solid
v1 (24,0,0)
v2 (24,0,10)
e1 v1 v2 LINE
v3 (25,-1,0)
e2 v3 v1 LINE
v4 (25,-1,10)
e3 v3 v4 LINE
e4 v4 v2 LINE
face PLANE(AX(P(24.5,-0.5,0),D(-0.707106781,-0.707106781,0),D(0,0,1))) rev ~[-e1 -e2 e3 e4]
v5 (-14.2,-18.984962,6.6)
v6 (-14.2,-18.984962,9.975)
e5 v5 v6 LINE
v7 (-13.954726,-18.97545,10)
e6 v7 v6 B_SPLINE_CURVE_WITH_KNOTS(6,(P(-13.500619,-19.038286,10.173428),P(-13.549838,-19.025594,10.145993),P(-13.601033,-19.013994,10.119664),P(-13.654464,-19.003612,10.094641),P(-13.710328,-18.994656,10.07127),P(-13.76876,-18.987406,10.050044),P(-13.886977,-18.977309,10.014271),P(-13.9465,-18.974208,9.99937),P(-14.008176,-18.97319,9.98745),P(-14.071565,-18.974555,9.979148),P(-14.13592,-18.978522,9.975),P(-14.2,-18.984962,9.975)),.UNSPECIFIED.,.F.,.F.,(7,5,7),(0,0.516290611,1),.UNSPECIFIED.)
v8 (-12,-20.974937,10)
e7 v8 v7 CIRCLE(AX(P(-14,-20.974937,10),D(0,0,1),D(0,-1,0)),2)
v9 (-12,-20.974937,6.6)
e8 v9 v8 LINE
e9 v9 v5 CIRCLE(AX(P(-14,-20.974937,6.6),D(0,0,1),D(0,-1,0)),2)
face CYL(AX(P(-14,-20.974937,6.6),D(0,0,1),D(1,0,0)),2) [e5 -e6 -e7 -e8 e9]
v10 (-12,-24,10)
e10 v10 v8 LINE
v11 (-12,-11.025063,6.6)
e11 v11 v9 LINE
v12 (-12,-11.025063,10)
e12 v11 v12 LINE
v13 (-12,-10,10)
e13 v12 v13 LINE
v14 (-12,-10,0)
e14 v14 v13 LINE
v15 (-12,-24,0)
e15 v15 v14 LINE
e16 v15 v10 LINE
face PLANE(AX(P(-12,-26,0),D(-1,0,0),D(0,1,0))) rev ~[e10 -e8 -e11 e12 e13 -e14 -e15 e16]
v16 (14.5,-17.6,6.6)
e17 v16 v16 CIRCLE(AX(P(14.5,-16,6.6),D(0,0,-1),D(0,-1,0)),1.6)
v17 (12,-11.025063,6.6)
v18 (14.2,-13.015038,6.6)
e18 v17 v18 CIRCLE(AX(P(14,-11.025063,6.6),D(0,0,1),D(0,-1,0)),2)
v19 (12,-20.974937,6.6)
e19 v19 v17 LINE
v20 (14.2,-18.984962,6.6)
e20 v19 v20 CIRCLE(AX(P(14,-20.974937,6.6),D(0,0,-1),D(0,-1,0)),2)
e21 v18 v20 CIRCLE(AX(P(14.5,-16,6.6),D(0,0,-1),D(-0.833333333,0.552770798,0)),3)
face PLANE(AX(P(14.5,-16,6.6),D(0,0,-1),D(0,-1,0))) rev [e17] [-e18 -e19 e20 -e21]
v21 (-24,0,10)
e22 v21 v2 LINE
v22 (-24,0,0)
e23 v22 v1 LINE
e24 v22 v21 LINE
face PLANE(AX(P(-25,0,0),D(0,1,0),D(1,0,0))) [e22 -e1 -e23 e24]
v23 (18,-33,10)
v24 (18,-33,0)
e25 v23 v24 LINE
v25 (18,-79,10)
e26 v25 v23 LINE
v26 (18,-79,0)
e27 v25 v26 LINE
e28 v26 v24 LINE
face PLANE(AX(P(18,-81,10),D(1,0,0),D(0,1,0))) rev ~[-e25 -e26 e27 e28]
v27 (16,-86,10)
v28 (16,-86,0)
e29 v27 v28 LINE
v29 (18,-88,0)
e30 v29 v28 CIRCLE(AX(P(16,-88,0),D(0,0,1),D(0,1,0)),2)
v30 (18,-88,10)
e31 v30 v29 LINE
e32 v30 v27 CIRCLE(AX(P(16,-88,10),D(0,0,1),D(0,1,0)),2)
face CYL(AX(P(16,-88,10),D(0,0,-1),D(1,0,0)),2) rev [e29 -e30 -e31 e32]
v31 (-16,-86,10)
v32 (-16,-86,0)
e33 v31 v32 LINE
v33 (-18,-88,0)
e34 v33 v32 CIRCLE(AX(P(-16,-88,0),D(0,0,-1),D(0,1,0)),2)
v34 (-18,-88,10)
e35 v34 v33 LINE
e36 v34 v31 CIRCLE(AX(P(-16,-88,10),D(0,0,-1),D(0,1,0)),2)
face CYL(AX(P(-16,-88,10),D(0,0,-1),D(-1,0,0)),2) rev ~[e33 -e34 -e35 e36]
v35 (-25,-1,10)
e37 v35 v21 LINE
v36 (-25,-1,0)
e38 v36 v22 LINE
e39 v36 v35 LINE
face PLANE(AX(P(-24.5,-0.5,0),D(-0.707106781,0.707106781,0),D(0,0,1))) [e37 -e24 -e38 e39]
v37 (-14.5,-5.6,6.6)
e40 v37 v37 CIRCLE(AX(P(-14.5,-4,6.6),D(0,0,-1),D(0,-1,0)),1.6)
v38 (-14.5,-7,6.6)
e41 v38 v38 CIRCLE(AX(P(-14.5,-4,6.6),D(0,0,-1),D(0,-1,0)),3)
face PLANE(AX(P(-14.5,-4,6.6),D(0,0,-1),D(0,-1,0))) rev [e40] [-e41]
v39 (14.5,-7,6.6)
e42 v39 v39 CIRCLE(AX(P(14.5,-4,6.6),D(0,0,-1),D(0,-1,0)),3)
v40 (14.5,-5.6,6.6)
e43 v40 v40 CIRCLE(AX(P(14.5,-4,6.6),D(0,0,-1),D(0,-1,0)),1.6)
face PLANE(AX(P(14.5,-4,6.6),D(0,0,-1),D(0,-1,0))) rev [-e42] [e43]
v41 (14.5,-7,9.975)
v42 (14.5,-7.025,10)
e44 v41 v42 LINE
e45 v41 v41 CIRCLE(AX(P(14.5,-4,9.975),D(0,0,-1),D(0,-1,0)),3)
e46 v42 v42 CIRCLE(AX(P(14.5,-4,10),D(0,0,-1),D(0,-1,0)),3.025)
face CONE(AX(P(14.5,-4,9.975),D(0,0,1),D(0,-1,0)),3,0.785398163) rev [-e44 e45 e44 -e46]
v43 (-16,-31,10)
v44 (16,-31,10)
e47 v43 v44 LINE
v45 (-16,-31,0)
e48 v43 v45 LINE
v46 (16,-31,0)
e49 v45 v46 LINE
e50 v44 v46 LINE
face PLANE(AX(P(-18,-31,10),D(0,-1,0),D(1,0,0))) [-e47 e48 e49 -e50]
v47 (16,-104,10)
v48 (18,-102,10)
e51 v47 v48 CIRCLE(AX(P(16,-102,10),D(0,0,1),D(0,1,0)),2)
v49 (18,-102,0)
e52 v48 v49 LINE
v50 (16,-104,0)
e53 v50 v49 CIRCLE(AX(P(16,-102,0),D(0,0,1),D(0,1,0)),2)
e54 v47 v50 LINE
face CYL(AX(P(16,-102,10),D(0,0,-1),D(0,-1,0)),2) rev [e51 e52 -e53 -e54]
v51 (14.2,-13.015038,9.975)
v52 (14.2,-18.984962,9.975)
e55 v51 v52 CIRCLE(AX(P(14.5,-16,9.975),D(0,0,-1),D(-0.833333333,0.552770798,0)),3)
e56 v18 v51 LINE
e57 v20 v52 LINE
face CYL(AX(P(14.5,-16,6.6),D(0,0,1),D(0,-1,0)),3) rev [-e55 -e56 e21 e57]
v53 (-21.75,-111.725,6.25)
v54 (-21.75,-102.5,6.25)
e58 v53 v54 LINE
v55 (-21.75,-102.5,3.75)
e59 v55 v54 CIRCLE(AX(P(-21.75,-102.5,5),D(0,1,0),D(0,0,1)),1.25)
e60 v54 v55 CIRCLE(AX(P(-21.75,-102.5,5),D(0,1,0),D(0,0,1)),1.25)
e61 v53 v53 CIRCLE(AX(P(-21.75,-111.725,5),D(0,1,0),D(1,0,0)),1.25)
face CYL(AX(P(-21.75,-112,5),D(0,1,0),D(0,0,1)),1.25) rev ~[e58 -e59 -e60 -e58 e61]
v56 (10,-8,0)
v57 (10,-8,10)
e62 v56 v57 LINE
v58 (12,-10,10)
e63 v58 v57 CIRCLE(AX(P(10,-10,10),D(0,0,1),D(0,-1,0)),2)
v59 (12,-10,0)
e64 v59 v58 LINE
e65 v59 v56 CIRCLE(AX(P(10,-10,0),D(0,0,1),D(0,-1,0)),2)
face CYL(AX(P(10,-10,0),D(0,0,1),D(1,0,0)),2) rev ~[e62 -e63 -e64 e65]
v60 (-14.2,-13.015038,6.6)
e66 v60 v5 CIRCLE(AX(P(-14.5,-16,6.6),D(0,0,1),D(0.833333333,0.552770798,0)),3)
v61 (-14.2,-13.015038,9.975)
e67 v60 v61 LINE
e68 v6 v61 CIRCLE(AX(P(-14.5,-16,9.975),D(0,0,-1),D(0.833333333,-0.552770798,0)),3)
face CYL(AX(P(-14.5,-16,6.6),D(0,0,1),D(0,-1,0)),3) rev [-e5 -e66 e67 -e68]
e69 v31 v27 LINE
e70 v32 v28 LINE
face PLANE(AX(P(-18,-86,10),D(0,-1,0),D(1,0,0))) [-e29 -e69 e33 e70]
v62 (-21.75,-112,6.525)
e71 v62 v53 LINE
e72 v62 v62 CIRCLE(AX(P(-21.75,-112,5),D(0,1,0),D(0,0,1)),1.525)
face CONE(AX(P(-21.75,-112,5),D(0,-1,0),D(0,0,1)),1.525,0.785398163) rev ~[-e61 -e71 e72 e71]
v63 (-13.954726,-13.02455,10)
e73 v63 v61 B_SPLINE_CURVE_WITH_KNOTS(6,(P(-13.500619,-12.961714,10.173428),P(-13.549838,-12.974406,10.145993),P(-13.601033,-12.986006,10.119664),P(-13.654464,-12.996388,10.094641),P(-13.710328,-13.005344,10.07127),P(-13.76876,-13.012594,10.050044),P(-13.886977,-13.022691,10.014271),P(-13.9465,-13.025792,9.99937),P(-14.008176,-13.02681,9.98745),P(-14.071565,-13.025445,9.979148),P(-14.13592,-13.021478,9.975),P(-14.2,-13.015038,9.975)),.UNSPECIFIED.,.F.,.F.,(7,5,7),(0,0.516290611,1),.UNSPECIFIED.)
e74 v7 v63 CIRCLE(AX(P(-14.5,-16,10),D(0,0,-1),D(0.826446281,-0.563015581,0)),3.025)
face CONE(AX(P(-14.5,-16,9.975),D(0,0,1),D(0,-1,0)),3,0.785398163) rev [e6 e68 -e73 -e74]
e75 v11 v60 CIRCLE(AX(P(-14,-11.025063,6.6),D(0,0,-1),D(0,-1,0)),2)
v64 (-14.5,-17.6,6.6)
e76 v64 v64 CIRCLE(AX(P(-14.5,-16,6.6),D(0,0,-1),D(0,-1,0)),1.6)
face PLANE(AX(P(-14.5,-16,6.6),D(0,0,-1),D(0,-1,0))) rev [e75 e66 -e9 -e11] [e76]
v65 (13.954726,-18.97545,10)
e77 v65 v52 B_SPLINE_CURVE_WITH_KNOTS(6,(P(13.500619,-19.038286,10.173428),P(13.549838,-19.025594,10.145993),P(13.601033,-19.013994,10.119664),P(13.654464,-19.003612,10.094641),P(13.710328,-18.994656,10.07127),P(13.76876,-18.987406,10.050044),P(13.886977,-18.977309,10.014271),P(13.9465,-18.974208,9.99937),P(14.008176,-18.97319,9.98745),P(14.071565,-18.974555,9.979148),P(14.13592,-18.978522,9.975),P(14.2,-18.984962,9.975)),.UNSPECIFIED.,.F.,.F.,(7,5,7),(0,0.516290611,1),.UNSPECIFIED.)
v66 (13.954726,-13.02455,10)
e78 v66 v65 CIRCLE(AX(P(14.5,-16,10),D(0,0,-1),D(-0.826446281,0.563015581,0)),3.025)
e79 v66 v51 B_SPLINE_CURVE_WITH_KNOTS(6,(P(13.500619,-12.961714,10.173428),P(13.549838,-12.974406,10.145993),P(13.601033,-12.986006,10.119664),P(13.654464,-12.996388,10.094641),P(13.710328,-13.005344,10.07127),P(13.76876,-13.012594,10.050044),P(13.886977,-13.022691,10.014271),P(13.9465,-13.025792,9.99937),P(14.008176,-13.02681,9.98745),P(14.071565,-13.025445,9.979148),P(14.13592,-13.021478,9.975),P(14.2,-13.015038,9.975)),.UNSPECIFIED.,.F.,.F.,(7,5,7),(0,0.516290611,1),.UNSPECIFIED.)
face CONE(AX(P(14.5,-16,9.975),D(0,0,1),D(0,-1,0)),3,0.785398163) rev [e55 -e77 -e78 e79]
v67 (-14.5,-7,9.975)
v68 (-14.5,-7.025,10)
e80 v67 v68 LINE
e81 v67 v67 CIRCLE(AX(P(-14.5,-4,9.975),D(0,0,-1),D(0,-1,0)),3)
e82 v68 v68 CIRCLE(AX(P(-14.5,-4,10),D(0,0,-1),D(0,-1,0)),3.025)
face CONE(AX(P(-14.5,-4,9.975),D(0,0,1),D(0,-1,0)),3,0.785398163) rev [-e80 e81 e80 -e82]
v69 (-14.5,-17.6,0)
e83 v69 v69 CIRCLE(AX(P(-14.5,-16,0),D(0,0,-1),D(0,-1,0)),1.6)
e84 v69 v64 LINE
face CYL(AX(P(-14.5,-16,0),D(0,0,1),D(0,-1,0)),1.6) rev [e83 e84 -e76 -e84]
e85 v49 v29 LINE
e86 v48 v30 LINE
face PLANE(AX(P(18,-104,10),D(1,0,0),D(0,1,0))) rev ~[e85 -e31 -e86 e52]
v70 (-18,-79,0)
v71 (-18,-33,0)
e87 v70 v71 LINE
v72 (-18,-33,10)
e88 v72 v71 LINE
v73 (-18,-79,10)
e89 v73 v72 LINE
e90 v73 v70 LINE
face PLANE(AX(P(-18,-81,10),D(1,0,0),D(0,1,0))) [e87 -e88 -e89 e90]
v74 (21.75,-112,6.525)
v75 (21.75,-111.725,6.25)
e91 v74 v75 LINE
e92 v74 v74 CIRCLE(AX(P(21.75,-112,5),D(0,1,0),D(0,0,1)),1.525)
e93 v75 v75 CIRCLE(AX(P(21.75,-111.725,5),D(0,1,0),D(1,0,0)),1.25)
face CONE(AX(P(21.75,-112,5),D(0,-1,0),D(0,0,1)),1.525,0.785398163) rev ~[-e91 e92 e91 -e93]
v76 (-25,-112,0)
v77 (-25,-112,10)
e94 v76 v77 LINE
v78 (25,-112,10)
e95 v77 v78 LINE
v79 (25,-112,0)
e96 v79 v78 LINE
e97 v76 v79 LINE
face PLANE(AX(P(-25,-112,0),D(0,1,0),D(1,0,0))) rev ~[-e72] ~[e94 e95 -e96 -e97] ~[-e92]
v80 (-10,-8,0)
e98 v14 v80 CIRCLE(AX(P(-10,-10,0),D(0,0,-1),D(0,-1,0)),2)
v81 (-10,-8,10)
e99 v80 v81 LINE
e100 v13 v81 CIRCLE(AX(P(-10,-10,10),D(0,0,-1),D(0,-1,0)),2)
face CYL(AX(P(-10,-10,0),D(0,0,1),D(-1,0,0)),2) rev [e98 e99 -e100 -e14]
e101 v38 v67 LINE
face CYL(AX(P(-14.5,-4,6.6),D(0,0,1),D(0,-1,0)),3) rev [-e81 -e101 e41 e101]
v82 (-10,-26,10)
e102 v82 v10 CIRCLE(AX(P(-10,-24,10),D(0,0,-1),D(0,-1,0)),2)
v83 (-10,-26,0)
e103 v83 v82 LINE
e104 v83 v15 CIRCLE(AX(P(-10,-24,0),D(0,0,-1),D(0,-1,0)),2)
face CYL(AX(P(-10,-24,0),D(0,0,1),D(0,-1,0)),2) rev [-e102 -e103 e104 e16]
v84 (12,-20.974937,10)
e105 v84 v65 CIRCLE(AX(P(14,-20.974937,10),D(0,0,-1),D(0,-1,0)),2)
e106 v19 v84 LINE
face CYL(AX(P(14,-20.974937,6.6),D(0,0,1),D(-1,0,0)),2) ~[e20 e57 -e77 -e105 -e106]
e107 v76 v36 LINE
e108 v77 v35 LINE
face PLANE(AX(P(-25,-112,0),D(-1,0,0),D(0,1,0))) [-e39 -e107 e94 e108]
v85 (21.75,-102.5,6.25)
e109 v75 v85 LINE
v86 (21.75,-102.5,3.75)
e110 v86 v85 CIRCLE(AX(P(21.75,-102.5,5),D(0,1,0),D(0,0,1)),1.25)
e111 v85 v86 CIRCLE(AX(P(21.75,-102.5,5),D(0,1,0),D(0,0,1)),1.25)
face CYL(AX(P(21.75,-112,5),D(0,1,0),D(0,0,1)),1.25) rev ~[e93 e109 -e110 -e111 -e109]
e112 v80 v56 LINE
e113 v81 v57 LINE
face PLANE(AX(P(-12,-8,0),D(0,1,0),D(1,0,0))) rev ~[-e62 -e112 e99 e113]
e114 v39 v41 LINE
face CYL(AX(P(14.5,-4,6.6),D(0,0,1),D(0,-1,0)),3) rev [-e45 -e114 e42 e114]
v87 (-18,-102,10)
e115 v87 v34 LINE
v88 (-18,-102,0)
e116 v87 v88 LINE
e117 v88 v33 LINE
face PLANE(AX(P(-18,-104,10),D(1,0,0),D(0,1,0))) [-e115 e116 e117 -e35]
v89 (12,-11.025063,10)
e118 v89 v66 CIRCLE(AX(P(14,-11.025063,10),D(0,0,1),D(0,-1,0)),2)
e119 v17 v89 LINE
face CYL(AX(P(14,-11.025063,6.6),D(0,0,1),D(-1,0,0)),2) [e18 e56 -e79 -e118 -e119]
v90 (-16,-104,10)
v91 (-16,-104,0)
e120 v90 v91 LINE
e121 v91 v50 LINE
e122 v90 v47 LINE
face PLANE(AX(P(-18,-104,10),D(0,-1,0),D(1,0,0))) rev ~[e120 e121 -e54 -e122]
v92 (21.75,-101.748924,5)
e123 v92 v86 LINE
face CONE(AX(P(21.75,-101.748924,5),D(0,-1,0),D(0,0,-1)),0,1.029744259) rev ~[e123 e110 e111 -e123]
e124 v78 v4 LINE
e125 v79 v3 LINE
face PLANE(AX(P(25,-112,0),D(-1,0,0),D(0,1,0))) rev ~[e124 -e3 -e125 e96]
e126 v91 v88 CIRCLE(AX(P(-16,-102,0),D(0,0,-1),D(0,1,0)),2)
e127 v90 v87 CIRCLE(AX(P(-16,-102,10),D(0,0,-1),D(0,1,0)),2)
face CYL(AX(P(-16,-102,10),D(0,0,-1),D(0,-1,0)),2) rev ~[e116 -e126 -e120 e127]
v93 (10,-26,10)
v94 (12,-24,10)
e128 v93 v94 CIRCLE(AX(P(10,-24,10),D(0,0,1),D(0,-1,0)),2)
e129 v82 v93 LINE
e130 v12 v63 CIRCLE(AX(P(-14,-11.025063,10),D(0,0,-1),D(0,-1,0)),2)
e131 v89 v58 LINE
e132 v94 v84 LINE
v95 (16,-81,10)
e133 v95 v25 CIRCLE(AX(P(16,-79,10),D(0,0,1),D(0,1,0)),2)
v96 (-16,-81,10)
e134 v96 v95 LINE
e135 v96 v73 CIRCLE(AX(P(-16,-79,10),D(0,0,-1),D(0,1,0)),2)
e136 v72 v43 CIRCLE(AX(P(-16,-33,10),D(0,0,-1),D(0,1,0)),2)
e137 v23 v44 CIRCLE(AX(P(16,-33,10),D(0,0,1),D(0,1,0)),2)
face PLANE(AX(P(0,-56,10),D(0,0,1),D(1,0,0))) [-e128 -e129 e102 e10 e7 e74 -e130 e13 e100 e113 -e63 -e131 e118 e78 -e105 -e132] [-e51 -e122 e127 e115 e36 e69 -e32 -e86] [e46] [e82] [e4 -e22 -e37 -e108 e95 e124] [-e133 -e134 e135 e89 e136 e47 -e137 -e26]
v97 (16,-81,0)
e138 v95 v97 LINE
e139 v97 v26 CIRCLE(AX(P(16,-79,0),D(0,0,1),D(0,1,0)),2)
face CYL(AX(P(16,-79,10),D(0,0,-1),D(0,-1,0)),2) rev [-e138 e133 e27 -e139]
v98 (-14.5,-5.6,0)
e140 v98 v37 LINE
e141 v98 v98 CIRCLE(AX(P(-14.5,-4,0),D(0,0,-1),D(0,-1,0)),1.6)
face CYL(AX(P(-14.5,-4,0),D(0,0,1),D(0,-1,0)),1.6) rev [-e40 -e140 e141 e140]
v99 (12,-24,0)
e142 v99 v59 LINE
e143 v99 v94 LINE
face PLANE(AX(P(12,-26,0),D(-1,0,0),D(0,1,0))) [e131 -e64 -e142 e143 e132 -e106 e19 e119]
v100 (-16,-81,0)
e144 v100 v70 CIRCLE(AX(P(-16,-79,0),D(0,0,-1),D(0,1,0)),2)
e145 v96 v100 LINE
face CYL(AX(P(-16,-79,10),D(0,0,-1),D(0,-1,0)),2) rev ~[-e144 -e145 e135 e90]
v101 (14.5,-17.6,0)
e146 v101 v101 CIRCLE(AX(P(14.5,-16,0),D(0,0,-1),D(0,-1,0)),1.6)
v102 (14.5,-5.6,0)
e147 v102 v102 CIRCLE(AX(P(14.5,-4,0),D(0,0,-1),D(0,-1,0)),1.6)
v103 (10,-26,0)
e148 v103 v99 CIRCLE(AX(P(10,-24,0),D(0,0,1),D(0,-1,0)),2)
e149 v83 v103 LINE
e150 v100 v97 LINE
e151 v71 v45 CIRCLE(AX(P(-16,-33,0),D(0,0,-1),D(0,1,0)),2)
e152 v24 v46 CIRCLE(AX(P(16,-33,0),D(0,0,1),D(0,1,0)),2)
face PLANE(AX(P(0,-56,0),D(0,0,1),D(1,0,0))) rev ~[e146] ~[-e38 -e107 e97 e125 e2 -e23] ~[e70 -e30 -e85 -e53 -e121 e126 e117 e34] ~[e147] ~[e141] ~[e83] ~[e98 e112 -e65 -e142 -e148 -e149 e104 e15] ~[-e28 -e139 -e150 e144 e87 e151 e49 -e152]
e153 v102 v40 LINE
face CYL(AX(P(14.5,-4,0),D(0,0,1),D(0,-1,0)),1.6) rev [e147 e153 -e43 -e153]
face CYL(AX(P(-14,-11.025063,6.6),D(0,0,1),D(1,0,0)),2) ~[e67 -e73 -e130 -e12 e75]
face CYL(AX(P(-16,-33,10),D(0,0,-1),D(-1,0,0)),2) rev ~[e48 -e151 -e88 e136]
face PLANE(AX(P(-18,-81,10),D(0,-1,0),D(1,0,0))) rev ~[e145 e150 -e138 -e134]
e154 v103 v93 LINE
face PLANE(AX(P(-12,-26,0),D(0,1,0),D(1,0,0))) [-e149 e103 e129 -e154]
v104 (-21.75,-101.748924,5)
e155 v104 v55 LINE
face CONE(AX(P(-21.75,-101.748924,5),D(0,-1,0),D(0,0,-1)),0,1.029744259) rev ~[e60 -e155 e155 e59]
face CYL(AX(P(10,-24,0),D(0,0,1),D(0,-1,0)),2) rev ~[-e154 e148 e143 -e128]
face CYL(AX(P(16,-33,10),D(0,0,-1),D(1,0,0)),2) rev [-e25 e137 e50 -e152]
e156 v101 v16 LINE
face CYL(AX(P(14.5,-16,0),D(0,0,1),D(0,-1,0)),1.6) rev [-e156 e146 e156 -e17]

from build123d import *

# Parameters (mm, degrees)
SKETCH1_W                                    = 50
SKETCH1_H                                    = 112
SKETCH1_W_2                                  = 24
SKETCH1_H_2                                  = 18
BOSS_EXTRUDE1_DEPTH                          = 10
SKETCH8_W                                    = 36
SKETCH8_H                                    = 50
SKETCH8_H_2                                  = 18
CUT_EXTRUDE1_DEPTH                           = 116.191145493
CBORE_FOR_M3_HEXAGON_SOCKET_HEAD_CAP_2_COUNT = 2
CBORE_FOR_M3_HEXAGON_SOCKET_HEAD_CAP_2_PITCH = 12
CBORE_FOR_M3_HEXAGON_SOCKET_HEAD_CAP_3_COUNT = 2
CBORE_FOR_M3_HEXAGON_SOCKET_HEAD_CAP_3_PITCH = 29
CBORE_FOR_M3_HEXAGON_SOCKET_HEAD_CAP_4_COUNT = 2
CBORE_FOR_M3_HEXAGON_SOCKET_HEAD_CAP_4_PITCH = 31.384709653
CHAMFER1_SIZE                                = 1
FILLET1_R                                    = 2
M3_TAPPED_HOLE1_D                            = 2.5
M3_TAPPED_HOLE1_DEPTH                        = 9.5
M3_TAPPED_HOLE1_CSINK_D                      = 3.05
M3_TAPPED_HOLE1_CSINK_ANGLE                  = 90
M3_TAPPED_HOLE1_TIP                          = 0.751075774


with BuildPart() as part:
    # Sketch1 → Boss-Extrude1 (new body)
    with BuildSketch(Plane.XY):
        with Locations((0, -56)):
            Rectangle(SKETCH1_W, SKETCH1_H)
        with Locations((0, -17)):
            Rectangle(SKETCH1_W_2, SKETCH1_H_2, mode=Mode.SUBTRACT)
    extrude(amount=BOSS_EXTRUDE1_DEPTH)

    # Sketch8 → Cut-Extrude1 (cut, through all)
    with BuildSketch(Plane.XY.offset(10)):
        with Locations((0, -56)):
            Rectangle(SKETCH8_W, SKETCH8_H)
        with Locations((0, -95)):
            Rectangle(SKETCH8_W, SKETCH8_H_2)
    extrude(amount=-CUT_EXTRUDE1_DEPTH, mode=Mode.SUBTRACT)

    # Sketch7 → CBORE for M3 Hexagon socket head cap screws3 (revolve, cut)
    with BuildSketch(Plane(origin=(-14.5, -4, 10), x_dir=(0, -1, 0), z_dir=(1, 0, 0))):
        Polygon((0, 0), (0, 10), (1.6, 10), (1.6, 3.4), (3, 3.4), (3, 0.025), (3.025, 0), align=None)
    cbore_for_m3_hexagon_socket_head_cap_scr = revolve(axis=Axis((-14.5, -4, 16.35), (0, 0, -1)), mode=Mode.SUBTRACT)

    # CBORE for M3 Hexagon socket head cap 2: CBORE for M3 Hexagon socket head cap screws3 ×2
    with Locations(*[(0, -i * CBORE_FOR_M3_HEXAGON_SOCKET_HEAD_CAP_2_PITCH, 0) for i in range(1, CBORE_FOR_M3_HEXAGON_SOCKET_HEAD_CAP_2_COUNT)]):
        add(cbore_for_m3_hexagon_socket_head_cap_scr, mode=Mode.SUBTRACT)

    # CBORE for M3 Hexagon socket head cap 3: CBORE for M3 Hexagon socket head cap screws3 ×2
    with Locations(*[(i * CBORE_FOR_M3_HEXAGON_SOCKET_HEAD_CAP_3_PITCH, 0, 0) for i in range(1, CBORE_FOR_M3_HEXAGON_SOCKET_HEAD_CAP_3_COUNT)]):
        add(cbore_for_m3_hexagon_socket_head_cap_scr, mode=Mode.SUBTRACT)

    # CBORE for M3 Hexagon socket head cap 4: CBORE for M3 Hexagon socket head cap screws3 ×2
    with Locations(*[Vector(0.9240168324218909, -0.38235179272629954, 0) * (i * CBORE_FOR_M3_HEXAGON_SOCKET_HEAD_CAP_4_PITCH) for i in range(1, CBORE_FOR_M3_HEXAGON_SOCKET_HEAD_CAP_4_COUNT)]):
        add(cbore_for_m3_hexagon_socket_head_cap_scr, mode=Mode.SUBTRACT)

    # Chamfer1
    chamfer1_edges = [part.edges().sort_by_distance(p)[0] for p in [
        (-25, 0, 5),
        (25, 0, 5),
    ]]
    chamfer(chamfer1_edges, length=CHAMFER1_SIZE)

    # Fillet1
    fillet1_edges = [part.edges().sort_by_distance(p)[0] for p in [
        (-12, -8, 5),
        (-12, -26, 5),
        (12, -26, 5),
        (12, -8, 5),
        (-12, -14.341687605, 8.2875),
        (-12, -17.658312395, 8.2875),
        (12, -17.658312395, 8.2875),
        (12, -14.341687605, 8.2875),
        (18, -86, 5),
        (18, -104, 5),
        (-18, -104, 5),
        (-18, -86, 5),
        (18, -31, 5),
        (18, -81, 5),
        (-18, -81, 5),
        (-18, -31, 5),
    ]]
    fillet(fillet1_edges, radius=FILLET1_R)

    # M3 Tapped Hole1
    with Locations(Plane(origin=(-21.75, -112, 5), x_dir=(0, 0, -1), z_dir=(0, -1, 0))):
        with Locations((0, 0), (0, 43.5)):
            CounterSinkHole(M3_TAPPED_HOLE1_D / 2, M3_TAPPED_HOLE1_CSINK_D / 2, depth=M3_TAPPED_HOLE1_DEPTH, counter_sink_angle=M3_TAPPED_HOLE1_CSINK_ANGLE)
            with Locations((0, 0, -(M3_TAPPED_HOLE1_DEPTH + M3_TAPPED_HOLE1_TIP / 2))):  # 118° drill point
                Cone(0, M3_TAPPED_HOLE1_D / 2, M3_TAPPED_HOLE1_TIP, mode=Mode.SUBTRACT)


solid = part.part
